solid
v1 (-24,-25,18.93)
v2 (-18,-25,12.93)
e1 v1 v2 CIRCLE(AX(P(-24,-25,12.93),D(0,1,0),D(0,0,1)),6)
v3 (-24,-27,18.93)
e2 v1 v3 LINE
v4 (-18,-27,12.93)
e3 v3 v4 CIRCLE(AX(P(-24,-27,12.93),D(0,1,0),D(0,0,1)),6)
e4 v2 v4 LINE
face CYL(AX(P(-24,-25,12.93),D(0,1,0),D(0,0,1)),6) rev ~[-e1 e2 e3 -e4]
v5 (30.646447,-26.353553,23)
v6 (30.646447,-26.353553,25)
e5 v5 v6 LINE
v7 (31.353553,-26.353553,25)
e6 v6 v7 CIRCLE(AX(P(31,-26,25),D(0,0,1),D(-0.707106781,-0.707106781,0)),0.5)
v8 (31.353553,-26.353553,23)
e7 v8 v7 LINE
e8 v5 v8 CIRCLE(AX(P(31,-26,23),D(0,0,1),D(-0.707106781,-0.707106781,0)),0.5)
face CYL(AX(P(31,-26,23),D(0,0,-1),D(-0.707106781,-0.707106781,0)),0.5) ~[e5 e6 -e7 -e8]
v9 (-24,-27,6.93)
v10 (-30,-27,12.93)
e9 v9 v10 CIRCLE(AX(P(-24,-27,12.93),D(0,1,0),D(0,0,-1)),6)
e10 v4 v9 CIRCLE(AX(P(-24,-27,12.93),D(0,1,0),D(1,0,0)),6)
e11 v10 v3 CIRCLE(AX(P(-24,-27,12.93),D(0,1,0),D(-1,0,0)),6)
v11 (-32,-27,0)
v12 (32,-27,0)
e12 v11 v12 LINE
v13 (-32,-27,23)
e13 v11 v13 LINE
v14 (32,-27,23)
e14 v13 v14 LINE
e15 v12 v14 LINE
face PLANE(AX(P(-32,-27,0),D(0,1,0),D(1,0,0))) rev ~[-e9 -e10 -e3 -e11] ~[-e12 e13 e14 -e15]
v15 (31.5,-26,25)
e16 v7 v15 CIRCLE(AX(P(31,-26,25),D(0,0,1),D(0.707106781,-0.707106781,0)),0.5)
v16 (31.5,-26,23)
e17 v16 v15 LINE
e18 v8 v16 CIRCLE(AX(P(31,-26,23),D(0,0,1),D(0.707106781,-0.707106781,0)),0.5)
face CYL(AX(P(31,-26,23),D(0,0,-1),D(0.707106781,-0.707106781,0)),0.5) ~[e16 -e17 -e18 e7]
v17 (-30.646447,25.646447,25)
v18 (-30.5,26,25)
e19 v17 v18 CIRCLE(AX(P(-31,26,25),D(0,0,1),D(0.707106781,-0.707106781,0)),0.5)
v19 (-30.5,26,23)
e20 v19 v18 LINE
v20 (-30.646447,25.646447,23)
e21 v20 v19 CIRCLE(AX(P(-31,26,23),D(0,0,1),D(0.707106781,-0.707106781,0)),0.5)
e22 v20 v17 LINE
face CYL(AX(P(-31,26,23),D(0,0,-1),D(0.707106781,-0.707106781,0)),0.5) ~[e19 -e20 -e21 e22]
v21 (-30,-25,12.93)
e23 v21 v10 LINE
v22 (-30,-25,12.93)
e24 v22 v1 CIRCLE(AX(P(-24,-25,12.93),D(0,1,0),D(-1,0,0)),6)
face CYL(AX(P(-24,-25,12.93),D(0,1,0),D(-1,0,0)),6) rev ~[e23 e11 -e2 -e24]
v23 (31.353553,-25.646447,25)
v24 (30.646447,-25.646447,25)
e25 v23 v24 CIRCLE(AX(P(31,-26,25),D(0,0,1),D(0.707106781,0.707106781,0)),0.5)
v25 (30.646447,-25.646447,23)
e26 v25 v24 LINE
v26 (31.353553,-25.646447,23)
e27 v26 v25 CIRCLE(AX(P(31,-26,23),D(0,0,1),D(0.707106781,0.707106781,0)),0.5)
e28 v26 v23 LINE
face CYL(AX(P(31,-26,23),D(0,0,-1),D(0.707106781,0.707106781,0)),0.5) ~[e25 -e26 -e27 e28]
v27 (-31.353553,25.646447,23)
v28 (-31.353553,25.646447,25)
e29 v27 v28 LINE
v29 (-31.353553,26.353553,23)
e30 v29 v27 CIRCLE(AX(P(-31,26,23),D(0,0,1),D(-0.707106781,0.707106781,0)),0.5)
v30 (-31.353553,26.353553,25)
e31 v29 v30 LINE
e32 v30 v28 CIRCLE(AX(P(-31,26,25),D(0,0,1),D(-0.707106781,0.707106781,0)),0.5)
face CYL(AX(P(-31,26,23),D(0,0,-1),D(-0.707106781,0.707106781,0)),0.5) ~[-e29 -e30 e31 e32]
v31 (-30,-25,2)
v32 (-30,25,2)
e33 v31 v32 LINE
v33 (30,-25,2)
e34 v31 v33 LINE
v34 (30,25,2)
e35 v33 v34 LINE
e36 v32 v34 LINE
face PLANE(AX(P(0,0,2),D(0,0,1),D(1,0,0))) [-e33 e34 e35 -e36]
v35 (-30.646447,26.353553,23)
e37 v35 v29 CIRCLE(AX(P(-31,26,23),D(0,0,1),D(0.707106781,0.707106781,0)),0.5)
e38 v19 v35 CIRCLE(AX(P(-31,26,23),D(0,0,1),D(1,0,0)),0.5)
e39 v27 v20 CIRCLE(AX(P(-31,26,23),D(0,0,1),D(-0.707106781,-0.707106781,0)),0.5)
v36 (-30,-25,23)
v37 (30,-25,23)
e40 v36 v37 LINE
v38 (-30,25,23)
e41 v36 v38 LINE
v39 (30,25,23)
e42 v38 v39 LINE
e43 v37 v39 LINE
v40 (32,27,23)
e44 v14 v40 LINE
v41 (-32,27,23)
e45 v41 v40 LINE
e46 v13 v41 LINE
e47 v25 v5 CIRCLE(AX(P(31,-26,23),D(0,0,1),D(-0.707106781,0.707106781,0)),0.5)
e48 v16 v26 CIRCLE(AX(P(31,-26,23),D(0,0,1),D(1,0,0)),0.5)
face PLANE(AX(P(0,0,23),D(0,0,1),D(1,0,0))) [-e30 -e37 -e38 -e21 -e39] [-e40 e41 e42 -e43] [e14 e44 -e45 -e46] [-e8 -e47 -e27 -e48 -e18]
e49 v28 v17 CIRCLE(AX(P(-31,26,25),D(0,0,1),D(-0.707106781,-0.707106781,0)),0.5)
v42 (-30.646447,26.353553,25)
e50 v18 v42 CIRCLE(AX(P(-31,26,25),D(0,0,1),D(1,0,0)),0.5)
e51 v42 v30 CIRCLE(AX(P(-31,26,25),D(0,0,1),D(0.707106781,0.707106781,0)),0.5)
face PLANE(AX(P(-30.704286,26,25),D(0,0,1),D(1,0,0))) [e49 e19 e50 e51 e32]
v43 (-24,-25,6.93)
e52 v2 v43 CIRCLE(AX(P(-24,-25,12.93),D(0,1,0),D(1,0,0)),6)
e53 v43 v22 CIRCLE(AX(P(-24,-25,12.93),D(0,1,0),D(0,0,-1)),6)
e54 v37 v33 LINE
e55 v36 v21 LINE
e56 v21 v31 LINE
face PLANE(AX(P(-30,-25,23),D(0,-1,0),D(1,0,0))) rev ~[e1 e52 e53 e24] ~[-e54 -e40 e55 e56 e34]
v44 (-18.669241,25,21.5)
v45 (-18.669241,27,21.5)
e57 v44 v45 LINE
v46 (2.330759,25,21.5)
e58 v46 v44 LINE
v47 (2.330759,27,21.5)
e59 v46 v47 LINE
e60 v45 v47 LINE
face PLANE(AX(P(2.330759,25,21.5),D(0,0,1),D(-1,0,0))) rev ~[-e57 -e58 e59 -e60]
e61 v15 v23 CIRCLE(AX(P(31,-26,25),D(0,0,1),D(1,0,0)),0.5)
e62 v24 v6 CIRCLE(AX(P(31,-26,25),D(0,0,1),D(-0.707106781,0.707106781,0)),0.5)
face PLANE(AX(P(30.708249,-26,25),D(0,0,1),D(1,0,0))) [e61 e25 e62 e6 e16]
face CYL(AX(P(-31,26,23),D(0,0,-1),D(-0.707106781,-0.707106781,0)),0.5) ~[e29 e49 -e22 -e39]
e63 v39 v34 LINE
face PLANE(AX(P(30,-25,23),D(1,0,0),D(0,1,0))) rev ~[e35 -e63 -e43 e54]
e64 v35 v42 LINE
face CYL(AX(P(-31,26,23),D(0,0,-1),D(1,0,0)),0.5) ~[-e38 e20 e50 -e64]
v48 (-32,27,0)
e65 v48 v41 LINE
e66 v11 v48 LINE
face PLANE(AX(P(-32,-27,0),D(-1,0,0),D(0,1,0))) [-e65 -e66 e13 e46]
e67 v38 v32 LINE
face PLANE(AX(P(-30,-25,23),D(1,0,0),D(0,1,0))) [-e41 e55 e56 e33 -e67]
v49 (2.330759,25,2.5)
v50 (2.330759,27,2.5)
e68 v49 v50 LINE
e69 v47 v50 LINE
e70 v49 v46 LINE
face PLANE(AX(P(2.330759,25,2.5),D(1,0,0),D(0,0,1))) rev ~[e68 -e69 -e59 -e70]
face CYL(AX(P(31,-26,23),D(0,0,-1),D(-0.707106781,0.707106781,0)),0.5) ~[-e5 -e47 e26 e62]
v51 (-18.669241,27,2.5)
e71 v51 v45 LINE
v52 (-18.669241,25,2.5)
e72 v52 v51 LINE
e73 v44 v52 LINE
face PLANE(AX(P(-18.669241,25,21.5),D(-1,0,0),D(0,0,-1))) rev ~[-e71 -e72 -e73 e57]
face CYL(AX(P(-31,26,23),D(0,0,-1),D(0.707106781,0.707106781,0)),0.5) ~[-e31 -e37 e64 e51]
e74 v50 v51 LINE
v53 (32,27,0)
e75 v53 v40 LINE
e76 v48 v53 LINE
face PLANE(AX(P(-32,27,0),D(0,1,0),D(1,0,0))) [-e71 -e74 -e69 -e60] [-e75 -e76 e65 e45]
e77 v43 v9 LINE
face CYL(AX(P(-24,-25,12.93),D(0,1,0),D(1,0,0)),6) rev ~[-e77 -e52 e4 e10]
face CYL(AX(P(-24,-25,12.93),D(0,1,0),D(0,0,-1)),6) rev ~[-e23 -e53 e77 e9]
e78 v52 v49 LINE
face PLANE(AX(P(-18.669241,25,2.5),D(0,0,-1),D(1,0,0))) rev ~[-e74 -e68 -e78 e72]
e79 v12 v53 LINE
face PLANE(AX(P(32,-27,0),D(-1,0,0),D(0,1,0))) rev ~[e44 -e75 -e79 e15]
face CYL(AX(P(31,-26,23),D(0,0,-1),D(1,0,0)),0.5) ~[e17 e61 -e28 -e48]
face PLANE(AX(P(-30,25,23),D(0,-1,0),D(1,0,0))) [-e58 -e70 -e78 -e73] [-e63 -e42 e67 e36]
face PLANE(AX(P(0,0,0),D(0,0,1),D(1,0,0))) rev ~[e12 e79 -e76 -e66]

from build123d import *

# Parameters (mm, degrees)
F0_W          = 64
F0_H          = 54
F1_DEPTH      = 23
F2_W          = 60
F2_H          = 50
F3_DEPTH      = 21
F5_DEPTH      = 25.4
F5_DEPTH_BACK = 25.4
F7_DEPTH      = 25.4
F7_DEPTH_BACK = 25.4
F11_DEPTH     = 2
F13_DEPTH     = 2


with BuildPart() as f1:
    # F0 (on Top) → F1 (new body)
    with BuildSketch(Plane.XY):
        Rectangle(F0_W, F0_H)
    extrude(amount=F1_DEPTH)

    # F2 (on face) → F3 (cut)
    with BuildSketch(Plane.XY.offset(23)):
        Rectangle(F2_W, F2_H)
    extrude(amount=-F3_DEPTH, mode=Mode.SUBTRACT)

    # F4 (on face) → F5 (cut, two sides)
    with BuildSketch(Plane(origin=(0, -25, 0), x_dir=(-1, 0, 0), z_dir=(0, 1, 0))) as f5_sk:
        with BuildLine():
            ThreePointArc((24, 6.93), (28.2426406871, 8.6873593129), (30, 12.93))
            ThreePointArc((30, 12.93), (28.2426406871, 17.1726406871), (24, 18.93))
            ThreePointArc((24, 18.93), (19.7573593129, 17.1726406871), (18, 12.93))
            ThreePointArc((18, 12.93), (19.7573593129, 8.6873593129), (24, 6.93))
        make_face()
    extrude(amount=-F5_DEPTH, mode=Mode.SUBTRACT)
    extrude(f5_sk.sketch, amount=F5_DEPTH_BACK, mode=Mode.SUBTRACT)

    # F6 (on face) → F7 (cut, two sides)
    with BuildSketch(Plane.XZ.offset(-25)) as f7_sk:
        Polygon((-18.6692412496, 2.5), (-8.1692412496, 2.5), (2.3307587504, 2.5), (2.3307587504, 21.5), (-18.6692412496, 21.5), align=None)
    extrude(amount=-F7_DEPTH, mode=Mode.SUBTRACT)
    extrude(f7_sk.sketch, amount=F7_DEPTH_BACK, mode=Mode.SUBTRACT)

    # F10 (on face) → F11 (join)
    with BuildSketch(Plane.XY.offset(23)):
        with BuildLine():
            Line((-30.6464466094, 26.3535533906), (-31, 26))
            Line((-31, 26), (-30.6464466094, 25.6464466094))
            ThreePointArc((-30.6464466094, 25.6464466094), (-30.5380602337, 25.8086582838), (-30.5, 26))
            ThreePointArc((-30.5, 26), (-30.5380602337, 26.1913417162), (-30.6464466094, 26.3535533906))
        make_face()
        with BuildLine():
            ThreePointArc((-30.6464466094, 26.3535533906), (-31, 26.5), (-31.3535533906, 26.3535533906))
            Line((-31.3535533906, 26.3535533906), (-31, 26))
            Line((-31, 26), (-30.6464466094, 26.3535533906))
        make_face()
        with BuildLine():
            Line((-31, 26), (-31.3535533906, 26.3535533906))
            ThreePointArc((-31.3535533906, 26.3535533906), (-31.5, 26), (-31.3535533906, 25.6464466094))
            Line((-31.3535533906, 25.6464466094), (-31, 26))
        make_face()
        with BuildLine():
            Line((-30.6464466094, 25.6464466094), (-31, 26))
            Line((-31, 26), (-31.3535533906, 25.6464466094))
            ThreePointArc((-31.3535533906, 25.6464466094), (-31, 25.5), (-30.6464466094, 25.6464466094))
        make_face()
    extrude(amount=F11_DEPTH)

    # F12 (on face) → F13 (join)
    with BuildSketch(Plane.XY.offset(23)):
        with BuildLine():
            Line((31, -26), (30.6464466094, -25.6464466094))
            ThreePointArc((30.6464466094, -25.6464466094), (30.5, -26), (30.6464466094, -26.3535533906))
            Line((30.6464466094, -26.3535533906), (31, -26))
        make_face()
        with BuildLine():
            ThreePointArc((31.3535533906, -25.6464466094), (31, -25.5), (30.6464466094, -25.6464466094))
            Line((30.6464466094, -25.6464466094), (31, -26))
            Line((31, -26), (31.3535533906, -25.6464466094))
        make_face()
        with BuildLine():
            Line((31.3535533906, -25.6464466094), (31, -26))
            Line((31, -26), (31.3535533906, -26.3535533906))
            ThreePointArc((31.3535533906, -26.3535533906), (31.4619397663, -26.1913417162), (31.5, -26))
            ThreePointArc((31.5, -26), (31.4619397663, -25.8086582838), (31.3535533906, -25.6464466094))
        make_face()
        with BuildLine():
            Line((31.3535533906, -26.3535533906), (31, -26))
            Line((31, -26), (30.6464466094, -26.3535533906))
            ThreePointArc((30.6464466094, -26.3535533906), (31, -26.5), (31.3535533906, -26.3535533906))
        make_face()
    extrude(amount=F13_DEPTH)


solid = f1.part
